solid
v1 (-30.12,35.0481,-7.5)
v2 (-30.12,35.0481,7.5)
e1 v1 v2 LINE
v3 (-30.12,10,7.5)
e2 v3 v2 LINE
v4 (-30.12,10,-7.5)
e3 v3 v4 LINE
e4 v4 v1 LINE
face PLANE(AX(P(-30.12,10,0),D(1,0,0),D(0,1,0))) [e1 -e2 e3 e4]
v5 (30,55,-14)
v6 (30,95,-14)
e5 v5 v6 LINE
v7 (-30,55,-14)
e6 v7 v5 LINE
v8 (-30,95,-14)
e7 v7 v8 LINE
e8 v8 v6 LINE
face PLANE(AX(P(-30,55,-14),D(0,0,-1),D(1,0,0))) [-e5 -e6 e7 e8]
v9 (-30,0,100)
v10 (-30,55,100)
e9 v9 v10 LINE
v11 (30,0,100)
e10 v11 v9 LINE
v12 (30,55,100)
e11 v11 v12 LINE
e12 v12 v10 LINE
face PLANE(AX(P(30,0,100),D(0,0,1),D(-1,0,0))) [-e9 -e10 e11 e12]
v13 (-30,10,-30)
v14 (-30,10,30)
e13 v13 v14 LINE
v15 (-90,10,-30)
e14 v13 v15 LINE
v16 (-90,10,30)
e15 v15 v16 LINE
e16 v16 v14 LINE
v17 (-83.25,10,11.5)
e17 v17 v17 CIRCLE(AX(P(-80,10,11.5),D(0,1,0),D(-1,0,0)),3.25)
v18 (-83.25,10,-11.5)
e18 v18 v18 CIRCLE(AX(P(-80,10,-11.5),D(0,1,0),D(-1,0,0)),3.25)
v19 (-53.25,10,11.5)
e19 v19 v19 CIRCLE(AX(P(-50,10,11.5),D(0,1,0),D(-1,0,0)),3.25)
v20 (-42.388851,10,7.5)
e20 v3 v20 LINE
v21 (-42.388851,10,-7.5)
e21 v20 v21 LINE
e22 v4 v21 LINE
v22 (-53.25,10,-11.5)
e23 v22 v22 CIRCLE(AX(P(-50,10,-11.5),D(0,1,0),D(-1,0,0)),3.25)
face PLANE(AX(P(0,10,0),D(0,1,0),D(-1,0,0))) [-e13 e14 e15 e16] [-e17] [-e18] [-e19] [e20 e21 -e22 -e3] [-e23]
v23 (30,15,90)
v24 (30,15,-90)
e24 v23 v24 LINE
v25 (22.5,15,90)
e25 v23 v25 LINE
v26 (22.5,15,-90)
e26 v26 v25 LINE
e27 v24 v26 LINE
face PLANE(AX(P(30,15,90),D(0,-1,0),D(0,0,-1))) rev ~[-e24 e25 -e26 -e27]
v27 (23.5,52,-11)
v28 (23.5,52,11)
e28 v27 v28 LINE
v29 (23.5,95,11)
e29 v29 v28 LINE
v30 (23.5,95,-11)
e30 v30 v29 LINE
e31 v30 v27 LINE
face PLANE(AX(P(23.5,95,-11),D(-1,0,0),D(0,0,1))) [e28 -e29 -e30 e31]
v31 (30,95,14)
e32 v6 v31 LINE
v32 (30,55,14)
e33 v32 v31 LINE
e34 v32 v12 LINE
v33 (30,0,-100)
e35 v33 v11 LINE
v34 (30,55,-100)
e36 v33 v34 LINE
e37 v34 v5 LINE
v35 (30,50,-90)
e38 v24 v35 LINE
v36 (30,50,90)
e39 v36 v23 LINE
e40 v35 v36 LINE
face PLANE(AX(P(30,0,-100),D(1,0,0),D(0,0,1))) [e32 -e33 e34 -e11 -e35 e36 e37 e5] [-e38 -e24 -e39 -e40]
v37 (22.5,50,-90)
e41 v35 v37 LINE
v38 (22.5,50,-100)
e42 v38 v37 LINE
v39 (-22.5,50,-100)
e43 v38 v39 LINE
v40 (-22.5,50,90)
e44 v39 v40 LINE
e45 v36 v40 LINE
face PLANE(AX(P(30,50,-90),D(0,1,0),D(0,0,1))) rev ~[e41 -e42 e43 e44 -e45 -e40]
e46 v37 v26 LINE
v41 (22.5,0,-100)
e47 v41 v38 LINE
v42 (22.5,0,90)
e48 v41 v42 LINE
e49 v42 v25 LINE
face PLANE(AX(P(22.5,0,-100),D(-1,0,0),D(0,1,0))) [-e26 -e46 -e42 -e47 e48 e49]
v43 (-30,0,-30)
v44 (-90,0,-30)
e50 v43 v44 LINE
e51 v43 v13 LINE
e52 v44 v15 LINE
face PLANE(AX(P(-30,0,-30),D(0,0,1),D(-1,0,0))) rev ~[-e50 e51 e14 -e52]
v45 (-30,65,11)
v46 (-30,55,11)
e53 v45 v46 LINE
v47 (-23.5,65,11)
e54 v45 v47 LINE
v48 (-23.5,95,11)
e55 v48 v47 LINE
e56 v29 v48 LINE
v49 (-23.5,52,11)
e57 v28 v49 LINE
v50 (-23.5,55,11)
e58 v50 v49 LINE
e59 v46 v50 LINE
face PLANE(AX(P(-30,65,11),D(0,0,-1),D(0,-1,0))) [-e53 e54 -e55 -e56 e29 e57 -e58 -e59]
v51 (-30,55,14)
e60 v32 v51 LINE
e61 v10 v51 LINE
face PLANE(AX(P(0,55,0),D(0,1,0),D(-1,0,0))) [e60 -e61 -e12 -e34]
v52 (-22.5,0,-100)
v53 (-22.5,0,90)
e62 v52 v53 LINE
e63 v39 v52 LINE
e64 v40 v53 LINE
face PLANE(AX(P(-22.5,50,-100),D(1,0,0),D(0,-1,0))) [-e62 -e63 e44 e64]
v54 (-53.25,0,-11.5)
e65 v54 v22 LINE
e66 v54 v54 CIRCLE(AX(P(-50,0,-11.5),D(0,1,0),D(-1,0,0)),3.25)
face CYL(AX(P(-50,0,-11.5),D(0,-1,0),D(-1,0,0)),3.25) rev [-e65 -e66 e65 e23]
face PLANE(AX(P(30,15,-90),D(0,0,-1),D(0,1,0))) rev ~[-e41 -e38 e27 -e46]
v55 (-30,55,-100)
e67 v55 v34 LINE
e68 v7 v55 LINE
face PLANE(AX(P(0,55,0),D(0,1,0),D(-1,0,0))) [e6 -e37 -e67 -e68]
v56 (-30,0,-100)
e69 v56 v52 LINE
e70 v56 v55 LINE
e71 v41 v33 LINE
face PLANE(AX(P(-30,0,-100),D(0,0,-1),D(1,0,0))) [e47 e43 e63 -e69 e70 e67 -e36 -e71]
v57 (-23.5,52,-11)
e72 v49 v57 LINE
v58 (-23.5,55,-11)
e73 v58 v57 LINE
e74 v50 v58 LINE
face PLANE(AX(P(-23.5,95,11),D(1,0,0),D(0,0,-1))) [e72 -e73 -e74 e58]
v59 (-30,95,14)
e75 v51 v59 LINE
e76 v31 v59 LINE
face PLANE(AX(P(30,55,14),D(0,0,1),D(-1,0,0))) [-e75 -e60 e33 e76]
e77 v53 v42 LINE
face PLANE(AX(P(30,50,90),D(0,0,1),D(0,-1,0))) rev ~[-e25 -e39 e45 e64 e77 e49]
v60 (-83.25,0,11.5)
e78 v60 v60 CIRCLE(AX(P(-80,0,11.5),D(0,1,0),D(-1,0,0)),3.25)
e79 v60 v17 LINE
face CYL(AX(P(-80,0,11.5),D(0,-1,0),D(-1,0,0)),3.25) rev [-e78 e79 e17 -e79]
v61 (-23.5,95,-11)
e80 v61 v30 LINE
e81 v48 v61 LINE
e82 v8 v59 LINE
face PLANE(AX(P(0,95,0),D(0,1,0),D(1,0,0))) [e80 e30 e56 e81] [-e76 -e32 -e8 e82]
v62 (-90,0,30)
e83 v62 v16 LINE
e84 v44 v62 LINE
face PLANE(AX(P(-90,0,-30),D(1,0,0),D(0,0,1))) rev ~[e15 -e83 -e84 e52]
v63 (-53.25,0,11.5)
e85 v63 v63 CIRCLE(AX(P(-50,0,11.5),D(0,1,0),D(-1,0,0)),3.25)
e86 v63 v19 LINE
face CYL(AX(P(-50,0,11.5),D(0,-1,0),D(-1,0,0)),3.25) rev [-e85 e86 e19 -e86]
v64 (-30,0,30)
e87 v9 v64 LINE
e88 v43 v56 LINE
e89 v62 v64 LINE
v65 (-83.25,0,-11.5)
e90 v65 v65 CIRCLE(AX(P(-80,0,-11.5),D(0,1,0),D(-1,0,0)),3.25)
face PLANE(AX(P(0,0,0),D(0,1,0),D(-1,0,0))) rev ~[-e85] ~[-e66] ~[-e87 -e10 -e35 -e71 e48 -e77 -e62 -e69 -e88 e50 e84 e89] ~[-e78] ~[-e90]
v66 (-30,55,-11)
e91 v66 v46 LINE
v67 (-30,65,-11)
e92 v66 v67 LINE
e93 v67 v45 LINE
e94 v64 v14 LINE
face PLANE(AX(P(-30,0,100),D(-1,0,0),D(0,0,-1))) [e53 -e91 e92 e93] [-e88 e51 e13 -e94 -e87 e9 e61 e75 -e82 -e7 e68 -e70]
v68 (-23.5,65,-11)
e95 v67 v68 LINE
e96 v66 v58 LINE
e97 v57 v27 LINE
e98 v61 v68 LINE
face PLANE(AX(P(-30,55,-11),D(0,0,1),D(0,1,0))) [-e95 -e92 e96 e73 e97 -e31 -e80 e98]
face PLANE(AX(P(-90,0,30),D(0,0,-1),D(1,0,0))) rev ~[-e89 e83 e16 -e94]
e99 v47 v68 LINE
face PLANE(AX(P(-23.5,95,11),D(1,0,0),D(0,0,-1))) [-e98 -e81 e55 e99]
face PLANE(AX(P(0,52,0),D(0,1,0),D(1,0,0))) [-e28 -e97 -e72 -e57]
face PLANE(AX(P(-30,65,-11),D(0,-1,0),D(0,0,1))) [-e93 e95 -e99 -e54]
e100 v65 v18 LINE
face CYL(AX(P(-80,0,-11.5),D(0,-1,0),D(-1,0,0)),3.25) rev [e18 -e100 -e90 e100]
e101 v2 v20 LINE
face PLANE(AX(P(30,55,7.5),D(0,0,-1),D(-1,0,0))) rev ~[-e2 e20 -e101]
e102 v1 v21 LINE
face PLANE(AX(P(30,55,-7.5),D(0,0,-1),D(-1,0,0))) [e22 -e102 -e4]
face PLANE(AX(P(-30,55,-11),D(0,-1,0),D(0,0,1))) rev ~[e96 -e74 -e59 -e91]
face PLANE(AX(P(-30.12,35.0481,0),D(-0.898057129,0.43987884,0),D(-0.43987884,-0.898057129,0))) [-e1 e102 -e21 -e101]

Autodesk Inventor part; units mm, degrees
ref_plane "YZ Plane" through (0, 0, 0) normal (1, 0, 0) x (0, 1, 0)
ref_plane "XZ Plane" through (0, 0, 0) normal (0, 1, 0) x (-1, 0, 0)
sketch "Boceto2" plane through (0, 0, 0) normal (0, 1, 0) x (-1, 0, 0)
  line L0 (-30, 100) -> (30, 100)
  line L1 (30, 100) -> (30, -100)
  line L2 (30, -100) -> (-30, -100)
  line L3 (-30, -100) -> (-30, 100)
  line L4 (-30, 100) -> (30, -100) construction
  line L5 (30, 100) -> (-30, -100) construction
  point P0 (0, 0)
  dimension "d0" = 60
  dimension "d1" = 200
extrude "Extrusión1" add sketch "Boceto2" along normal blind 55
sketch "Boceto3" plane through (30, 0, -100) normal (0, 0, -1) x (-1, 0, 0)
  line L0 (7.5, 50) -> (52.5, 50)
  line L1 (52.5, 50) -> (52.5, 0)
  line L2 (52.5, 0) -> (7.5, 0)
  line L3 (7.5, 0) -> (7.5, 50)
  line L4 (0, 0) -> (60, 0) projected
  point P0 (30, 0)
  dimension "d4" = 45
  dimension "d5" = 50
  dimension "d6" = 0
extrude "Extrusión2" cut sketch "Boceto3" against normal blind 190
sketch "Boceto4" plane through (30, 0, 100) normal (1, 0, 0) x (0, 0, -1)
  line L0 (10, 50) -> (10, 0) projected
  line L1 (10, 50) -> (10, 0)
  line L2 (200, 0) -> (0, 0) projected
  line L3 (10, 50) -> (10, 0)
  line L4 (190, 0) -> (190, 50)
  line L5 (200, 50) -> (10, 50) projected
  line L6 (200, 0) -> (200, 55) projected
  line L7 (10, 15) -> (190, 15)
  line L8 (10, 50) -> (190, 50)
  point P0 (100, 0)
  point P1 (200, 27.5)
  dimension "d9" = 10
  dimension "d10" = 15
extrude "Extrusión3" cut sketch "Boceto4" against normal blind 10 contours L5 L4 L7 L0
sketch "Boceto5" plane through (0, 0, 0) normal (0, 1, 0) x (-1, 0, 0)
  line L0 (30, -100) -> (30, 100) projected
  line L1 (30, 0) -> (60, 0)
  line L2 (90, 30) -> (30, 30)
  line L3 (30, 30) -> (30, -30)
  line L4 (30, -30) -> (90, -30)
  line L5 (90, -30) -> (90, 30)
  line L6 (90, 30) -> (30, -30) construction
  line L7 (30, 30) -> (90, -30) construction
  circle A0 centre (50, 11.5) radius 3.25
  circle A1 centre (50, -11.5) radius 3.25
  circle A2 centre (80, 11.5) radius 3.25
  circle A3 centre (80, -11.5) radius 3.25
  point P0 (0, 0)
  dimension "d16" = 30
  dimension "d17" = 60
  dimension "d18" = 60
  dimension "d19" = 6.5
  dimension "d20" = 20
  dimension "d21" = 18.5
  dimension "d22" = 23
  dimension "d23" = 6.5
  dimension "d24" = 30
  dimension "d25" = 18.5
extrude "Extrusión4" add sketch "Boceto5" along normal blind 10
sketch "Boceto6" plane through (0, 55, 0) normal (0, 1, 0) x (1, 0, 0)
  line L0 (-30, 30) -> (-30, -30) projected
  line L1 (30, -14) -> (-30, -14)
  line L2 (-30, -14) -> (-30, 14)
  line L3 (-30, 14) -> (30, 14)
  line L4 (30, 14) -> (30, -14)
  line L5 (30, -14) -> (-30, 14) construction
  line L6 (-30, -14) -> (30, 14) construction
  point P0 (0, 0)
  dimension "d28" = 28
extrude "Extrusión5" add sketch "Boceto6" along normal blind 40
sketch "Boceto7" plane through (0, 95, 0) normal (0, 1, 0) x (1, 0, 0)
  line L0 (-23.5, 11) -> (23.5, 11)
  line L1 (23.5, 11) -> (23.5, -11)
  line L2 (23.5, -11) -> (-23.5, -11)
  line L3 (-23.5, -11) -> (-23.5, 11)
  line L4 (-23.5, 11) -> (23.5, -11) construction
  line L5 (23.5, 11) -> (-23.5, -11) construction
  point P0 (0, 0)
  dimension "d31" = 47
  dimension "d32" = 22
extrude "Extrusión6" cut sketch "Boceto7" against normal blind 43
sketch "Boceto8" plane through (-30, 0, 100) normal (-1, 0, 0) x (0, 0, 1)
  line L0 (-200, 55) -> (-114, 55) projected
  line L1 (0, 55) -> (-86, 55) projected
  line L2 (-114, 55) -> (-86, 55)
  line L3 (-111, 65) -> (-89, 65)
  line L4 (-89, 65) -> (-89, 55)
  line L5 (-89, 55) -> (-111, 55)
  line L6 (-111, 55) -> (-111, 65)
  line L7 (-111, 65) -> (-89, 55) construction
  line L8 (-89, 65) -> (-111, 55) construction
  point P0 (-100, 0)
  point P1 (-100, 60)
  dimension "d35" = 22
  dimension "d36" = 10
  dimension "d37" = 0
extrude "Extrusión7" cut sketch "Boceto8" against normal blind 10
ref_plane "Plano de trabajo1" through (30, 55, 0) normal (0, 0, -1) x (-1, 0, 0)
sketch "Boceto10" plane through (30, 55, 0) normal (0, 0, -1) x (-1, 0, 0)
  line L0 (60.12, -45) -> (60.12, 17.4198)
  line L1 (60.12, -45) -> (60.12, 13.5667)
  line L2 (60.12, -45) -> (137.1989, -45)
  line L3 (60.12, -19.9519) -> (80.5233, -61.6073)
  line L4 (120, -45) -> (60, -45) projected
  point P0 (30, -55)
  point P1 (72.3889, -45)
  dimension "d41" = 0
extrude "Extrusión8" add sketch "Boceto10" along normal mid plane 15
properties part number "depth_camera_support"
